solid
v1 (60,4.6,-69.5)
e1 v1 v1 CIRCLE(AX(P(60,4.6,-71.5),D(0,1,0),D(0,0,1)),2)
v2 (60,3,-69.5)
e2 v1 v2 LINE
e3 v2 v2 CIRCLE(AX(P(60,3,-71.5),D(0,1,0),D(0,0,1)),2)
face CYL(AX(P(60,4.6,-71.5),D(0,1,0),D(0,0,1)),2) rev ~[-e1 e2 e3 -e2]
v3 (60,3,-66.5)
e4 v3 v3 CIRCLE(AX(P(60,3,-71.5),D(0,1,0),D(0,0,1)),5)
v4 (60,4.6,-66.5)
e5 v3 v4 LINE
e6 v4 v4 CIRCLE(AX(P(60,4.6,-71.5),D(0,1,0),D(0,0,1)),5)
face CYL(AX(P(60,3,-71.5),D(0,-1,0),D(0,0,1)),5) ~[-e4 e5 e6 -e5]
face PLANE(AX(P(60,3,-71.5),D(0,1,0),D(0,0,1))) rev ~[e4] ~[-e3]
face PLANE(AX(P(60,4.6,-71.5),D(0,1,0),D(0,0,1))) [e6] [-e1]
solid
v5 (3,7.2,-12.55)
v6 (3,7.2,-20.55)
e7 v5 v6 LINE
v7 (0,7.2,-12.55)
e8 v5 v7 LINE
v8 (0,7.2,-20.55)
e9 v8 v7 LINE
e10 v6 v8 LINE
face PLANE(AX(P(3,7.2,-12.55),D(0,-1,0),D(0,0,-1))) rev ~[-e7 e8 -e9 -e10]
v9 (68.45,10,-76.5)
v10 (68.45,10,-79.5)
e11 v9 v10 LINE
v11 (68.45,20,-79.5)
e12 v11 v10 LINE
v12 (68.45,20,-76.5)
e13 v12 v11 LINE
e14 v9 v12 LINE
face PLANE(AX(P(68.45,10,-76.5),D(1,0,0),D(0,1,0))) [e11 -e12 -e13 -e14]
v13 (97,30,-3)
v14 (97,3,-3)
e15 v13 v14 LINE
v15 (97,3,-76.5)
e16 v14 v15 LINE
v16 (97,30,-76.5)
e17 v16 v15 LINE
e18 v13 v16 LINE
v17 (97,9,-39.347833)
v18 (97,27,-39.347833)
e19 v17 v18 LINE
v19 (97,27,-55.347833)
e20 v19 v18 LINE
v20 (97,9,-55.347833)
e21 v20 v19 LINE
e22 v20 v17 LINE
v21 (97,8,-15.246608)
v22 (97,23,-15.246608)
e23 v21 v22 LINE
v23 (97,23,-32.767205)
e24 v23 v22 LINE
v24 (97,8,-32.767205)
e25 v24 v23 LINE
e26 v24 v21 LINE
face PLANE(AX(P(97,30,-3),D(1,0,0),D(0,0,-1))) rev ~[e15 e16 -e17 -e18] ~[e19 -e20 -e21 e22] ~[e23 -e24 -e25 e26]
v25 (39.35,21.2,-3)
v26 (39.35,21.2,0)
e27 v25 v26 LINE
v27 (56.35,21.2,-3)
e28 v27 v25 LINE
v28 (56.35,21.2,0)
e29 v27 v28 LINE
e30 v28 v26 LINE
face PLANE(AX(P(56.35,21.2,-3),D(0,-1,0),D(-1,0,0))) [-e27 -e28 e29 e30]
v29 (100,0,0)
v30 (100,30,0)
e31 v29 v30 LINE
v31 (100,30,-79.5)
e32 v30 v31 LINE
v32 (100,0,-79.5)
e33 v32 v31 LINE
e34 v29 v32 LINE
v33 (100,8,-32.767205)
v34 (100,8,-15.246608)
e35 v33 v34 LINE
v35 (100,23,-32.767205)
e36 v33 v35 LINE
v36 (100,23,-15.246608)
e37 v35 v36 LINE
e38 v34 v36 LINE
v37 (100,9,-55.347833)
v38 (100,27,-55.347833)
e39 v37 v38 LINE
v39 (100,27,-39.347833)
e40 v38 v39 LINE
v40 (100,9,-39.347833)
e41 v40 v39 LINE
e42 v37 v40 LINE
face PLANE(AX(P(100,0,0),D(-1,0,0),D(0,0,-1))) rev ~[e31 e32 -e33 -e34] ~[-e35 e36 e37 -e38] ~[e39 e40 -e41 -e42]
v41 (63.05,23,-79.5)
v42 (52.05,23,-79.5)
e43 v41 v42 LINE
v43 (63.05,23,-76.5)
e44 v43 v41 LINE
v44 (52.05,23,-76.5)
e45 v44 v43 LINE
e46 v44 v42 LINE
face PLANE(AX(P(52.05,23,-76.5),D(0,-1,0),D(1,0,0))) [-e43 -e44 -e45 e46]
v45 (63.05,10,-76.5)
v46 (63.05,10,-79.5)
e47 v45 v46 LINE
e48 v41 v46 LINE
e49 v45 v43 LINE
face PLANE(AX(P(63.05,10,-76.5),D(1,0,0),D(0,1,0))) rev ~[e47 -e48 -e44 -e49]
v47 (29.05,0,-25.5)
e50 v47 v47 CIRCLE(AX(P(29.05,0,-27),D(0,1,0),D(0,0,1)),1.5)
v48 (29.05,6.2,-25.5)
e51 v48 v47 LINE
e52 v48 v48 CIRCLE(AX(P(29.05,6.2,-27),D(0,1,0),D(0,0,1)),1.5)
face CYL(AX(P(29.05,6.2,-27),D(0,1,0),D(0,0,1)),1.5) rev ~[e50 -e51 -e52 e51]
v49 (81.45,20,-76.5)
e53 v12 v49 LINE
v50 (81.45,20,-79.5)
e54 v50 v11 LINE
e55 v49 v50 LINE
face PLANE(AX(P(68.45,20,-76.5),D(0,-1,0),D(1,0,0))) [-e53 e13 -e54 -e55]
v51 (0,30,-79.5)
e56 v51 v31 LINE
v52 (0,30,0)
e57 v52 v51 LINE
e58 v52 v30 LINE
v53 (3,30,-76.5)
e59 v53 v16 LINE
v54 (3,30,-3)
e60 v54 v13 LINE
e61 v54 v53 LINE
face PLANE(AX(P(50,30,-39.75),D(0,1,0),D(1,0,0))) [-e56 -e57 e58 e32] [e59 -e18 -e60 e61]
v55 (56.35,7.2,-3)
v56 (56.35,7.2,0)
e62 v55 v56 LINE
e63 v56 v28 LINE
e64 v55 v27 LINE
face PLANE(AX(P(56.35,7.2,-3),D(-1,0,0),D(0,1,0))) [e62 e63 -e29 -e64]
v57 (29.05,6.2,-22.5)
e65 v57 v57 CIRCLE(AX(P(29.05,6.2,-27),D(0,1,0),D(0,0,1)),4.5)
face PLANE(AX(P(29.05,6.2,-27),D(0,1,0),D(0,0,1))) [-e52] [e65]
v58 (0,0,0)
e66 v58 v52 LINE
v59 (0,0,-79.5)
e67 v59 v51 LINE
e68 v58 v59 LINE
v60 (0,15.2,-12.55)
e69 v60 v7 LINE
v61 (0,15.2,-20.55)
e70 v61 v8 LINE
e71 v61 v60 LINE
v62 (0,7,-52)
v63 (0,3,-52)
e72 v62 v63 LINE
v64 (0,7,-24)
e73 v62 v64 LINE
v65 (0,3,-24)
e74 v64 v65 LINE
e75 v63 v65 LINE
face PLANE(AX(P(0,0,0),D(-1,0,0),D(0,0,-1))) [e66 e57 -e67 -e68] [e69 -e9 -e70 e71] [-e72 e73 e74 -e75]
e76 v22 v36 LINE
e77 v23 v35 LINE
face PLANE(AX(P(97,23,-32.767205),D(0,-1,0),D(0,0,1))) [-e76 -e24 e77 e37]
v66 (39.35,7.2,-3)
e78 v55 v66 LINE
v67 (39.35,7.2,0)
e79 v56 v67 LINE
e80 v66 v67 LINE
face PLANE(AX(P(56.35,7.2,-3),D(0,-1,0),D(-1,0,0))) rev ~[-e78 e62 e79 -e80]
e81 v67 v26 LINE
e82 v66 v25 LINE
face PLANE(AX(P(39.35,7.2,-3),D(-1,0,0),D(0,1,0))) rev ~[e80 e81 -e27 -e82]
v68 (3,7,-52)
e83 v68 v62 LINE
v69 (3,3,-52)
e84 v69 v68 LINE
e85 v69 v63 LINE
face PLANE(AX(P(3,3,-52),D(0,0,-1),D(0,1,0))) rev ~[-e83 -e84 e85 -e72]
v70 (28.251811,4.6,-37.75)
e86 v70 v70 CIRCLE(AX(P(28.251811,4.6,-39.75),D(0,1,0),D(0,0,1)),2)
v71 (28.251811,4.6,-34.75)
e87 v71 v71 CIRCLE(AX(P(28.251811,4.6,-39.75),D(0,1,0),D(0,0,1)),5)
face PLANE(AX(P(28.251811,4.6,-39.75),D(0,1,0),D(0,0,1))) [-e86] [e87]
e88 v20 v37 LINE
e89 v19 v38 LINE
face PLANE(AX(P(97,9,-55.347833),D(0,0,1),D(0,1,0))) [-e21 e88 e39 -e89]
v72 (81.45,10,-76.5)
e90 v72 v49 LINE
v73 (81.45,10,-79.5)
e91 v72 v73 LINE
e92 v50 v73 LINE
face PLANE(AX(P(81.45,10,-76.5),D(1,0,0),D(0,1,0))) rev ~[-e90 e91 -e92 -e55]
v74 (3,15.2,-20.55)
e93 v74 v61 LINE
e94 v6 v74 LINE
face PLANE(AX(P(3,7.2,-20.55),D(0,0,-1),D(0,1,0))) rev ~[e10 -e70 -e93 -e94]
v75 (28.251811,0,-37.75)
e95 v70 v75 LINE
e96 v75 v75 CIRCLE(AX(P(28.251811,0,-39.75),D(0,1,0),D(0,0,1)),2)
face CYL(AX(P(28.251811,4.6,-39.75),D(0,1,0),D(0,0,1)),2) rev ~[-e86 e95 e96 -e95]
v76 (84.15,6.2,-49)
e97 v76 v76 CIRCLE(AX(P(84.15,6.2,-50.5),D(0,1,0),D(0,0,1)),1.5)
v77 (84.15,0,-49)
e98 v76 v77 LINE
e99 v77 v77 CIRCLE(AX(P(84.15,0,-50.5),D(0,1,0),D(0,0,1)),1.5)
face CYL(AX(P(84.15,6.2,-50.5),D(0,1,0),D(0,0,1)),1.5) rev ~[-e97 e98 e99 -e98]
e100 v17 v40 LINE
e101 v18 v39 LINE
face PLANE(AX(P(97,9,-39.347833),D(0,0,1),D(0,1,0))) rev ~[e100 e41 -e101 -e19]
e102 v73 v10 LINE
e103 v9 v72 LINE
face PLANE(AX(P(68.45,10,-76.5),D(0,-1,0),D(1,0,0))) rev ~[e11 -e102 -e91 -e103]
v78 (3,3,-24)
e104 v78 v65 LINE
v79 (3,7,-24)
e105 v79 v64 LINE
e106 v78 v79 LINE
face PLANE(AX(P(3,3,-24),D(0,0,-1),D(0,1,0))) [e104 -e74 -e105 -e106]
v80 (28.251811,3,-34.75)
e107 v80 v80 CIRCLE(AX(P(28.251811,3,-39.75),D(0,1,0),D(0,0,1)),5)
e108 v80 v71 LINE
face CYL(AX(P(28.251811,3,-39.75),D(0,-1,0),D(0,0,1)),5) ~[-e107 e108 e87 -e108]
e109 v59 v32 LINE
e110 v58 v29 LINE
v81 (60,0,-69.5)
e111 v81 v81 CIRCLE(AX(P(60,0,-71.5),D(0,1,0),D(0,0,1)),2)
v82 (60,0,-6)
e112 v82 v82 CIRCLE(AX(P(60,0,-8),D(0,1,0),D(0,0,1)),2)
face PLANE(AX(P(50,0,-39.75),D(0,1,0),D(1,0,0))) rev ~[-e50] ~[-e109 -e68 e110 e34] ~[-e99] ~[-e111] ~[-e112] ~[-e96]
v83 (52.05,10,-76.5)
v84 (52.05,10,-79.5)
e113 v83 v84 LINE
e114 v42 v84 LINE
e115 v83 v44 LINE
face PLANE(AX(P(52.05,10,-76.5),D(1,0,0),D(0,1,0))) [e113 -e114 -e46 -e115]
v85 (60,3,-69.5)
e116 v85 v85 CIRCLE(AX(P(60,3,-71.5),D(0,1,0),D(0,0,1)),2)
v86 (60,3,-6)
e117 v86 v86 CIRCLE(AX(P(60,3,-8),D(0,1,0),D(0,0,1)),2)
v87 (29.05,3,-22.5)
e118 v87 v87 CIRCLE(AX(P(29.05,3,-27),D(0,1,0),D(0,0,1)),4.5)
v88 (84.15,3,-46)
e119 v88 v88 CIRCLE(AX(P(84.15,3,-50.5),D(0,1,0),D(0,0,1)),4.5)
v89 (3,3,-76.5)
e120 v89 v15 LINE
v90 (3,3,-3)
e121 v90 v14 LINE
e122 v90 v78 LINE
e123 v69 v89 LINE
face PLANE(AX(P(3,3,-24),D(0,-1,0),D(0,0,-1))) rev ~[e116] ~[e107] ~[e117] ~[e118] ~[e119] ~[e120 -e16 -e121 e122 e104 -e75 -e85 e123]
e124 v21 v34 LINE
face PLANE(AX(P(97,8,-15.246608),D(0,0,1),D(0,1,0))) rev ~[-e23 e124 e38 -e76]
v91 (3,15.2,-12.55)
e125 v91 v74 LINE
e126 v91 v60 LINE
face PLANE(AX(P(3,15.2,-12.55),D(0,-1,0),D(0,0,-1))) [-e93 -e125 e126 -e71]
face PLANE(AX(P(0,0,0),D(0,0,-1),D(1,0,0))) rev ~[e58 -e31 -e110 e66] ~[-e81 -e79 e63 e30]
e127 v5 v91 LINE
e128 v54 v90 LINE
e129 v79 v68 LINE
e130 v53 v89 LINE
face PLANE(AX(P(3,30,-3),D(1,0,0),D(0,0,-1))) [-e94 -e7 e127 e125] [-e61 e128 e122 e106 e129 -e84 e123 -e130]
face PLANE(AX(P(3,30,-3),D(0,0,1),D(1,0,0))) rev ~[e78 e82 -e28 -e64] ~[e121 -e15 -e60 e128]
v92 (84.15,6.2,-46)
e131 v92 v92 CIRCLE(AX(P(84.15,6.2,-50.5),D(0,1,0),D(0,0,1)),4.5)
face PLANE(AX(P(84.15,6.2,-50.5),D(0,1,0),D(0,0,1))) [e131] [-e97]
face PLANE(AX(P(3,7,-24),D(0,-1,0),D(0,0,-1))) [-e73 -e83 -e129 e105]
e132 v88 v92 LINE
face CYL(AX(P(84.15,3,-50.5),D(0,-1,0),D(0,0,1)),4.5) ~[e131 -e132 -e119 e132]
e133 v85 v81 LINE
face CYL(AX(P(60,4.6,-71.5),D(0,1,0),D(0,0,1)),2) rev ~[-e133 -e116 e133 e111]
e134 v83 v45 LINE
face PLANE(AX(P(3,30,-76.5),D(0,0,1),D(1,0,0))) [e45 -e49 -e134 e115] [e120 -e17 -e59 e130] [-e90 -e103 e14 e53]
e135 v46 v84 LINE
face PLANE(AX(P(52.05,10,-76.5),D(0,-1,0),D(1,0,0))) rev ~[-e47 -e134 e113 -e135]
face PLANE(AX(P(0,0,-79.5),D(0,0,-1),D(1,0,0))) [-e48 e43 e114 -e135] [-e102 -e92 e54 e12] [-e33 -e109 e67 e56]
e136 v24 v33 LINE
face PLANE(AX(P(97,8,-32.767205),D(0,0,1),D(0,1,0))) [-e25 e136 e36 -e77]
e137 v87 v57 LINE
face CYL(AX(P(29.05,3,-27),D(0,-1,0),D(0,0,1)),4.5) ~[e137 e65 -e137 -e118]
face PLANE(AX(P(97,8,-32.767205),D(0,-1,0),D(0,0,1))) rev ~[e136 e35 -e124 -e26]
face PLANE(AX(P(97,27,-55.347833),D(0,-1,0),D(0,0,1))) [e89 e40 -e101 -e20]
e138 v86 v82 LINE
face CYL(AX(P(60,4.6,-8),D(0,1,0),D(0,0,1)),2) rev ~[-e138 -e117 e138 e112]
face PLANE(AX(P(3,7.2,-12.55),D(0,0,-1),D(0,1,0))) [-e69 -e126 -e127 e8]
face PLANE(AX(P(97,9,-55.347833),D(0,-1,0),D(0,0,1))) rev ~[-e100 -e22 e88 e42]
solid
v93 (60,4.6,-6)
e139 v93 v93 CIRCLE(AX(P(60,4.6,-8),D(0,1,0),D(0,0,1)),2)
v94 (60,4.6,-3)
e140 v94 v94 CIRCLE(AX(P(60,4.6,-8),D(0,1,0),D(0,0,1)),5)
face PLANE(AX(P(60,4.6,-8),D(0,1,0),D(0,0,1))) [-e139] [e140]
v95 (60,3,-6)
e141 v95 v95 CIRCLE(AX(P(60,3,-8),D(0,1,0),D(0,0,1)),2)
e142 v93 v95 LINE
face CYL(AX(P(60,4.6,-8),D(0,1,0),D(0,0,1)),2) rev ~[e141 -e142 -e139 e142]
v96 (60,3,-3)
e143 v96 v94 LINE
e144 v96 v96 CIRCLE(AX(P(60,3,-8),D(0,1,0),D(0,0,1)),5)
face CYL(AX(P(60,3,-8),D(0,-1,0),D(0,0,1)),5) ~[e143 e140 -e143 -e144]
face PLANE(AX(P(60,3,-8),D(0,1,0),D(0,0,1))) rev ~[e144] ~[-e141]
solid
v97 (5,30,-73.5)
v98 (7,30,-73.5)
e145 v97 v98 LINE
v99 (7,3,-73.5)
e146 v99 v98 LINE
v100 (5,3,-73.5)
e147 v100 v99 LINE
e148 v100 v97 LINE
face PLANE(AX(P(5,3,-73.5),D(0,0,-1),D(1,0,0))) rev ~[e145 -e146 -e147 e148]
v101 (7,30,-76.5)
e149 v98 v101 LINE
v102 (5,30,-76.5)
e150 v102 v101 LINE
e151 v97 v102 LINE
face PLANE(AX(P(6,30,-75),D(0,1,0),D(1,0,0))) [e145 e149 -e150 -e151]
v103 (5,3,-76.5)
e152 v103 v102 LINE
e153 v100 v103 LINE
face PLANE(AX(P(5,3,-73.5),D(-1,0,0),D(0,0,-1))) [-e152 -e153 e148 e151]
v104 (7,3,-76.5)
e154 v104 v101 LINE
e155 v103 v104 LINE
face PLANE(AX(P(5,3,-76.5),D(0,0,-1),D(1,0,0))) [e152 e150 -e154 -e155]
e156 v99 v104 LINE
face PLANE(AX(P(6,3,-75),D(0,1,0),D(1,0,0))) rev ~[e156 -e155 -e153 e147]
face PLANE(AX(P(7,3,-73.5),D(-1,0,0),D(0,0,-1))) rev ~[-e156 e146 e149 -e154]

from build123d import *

# Parameters (mm, degrees)
SKETCH4_W             = 100
SKETCH4_H             = 79.5
BOSS_EXTRUDE3_DEPTH   = 30
SKETCH5_W             = 94
SKETCH5_H             = 73.5
CUT_EXTRUDE1_DEPTH    = 27
SKETCH9_R             = 5
BOSS_EXTRUDE5_DEPTH   = 1.6
BOSS_EXTRUDE5_2_DEPTH = 1.6
SKETCH10_R            = 2
CUT_EXTRUDE2_DEPTH    = 131.251333966
SKETCH11_R            = 2
CUT_EXTRUDE3_DEPTH    = 131.251333966
SKETCH12_R            = 4.5
BOSS_EXTRUDE6_DEPTH   = 3.2
SKETCH13_R            = 1.5
CUT_EXTRUDE4_DEPTH    = 130.948797609
SKETCH14_R            = 1.5
CUT_EXTRUDE5_DEPTH    = 130.948797609
SKETCH15_W            = 2
SKETCH15_H            = 3
BOSS_EXTRUDE7_DEPTH   = 27
SKETCH17_W            = 28
SKETCH17_H            = 4
CUT_EXTRUDE8_DEPTH    = 22.2
SKETCH18_W            = 8
SKETCH18_H            = 8
CUT_EXTRUDE9_DEPTH    = 22.2
SKETCH19_W            = 17
SKETCH19_H            = 14
CUT_EXTRUDE11_DEPTH   = 22.2
SKETCH20_R            = 5
BOSS_EXTRUDE8_DEPTH   = 1.6
SKETCH21_R            = 2
CUT_EXTRUDE12_DEPTH   = 131.251333966
SKETCH23_W            = 13
SKETCH23_H            = 10
SKETCH23_W_2          = 11
SKETCH23_H_2          = 13
CUT_EXTRUDE13_DEPTH   = 130.430483272
SKETCH24_W            = 16
SKETCH24_H            = 18
SKETCH24_W_2          = 17.520597446
SKETCH24_H_2          = 15
CUT_EXTRUDE15_DEPTH   = 129.954449322


with BuildPart() as part:
    # Sketch4 → Boss-Extrude3 (new body)
    with BuildSketch(Plane(origin=(0, 0, 0), x_dir=(1, 0, 0), z_dir=(0, 1, 0))):
        with Locations((50, 39.75)):
            Rectangle(SKETCH4_W, SKETCH4_H)
    extrude(amount=BOSS_EXTRUDE3_DEPTH)

    # Sketch5 → Cut-Extrude1 (cut)
    with BuildSketch(Plane(origin=(0, 30, 0), x_dir=(1, 0, 0), z_dir=(0, 1, 0))):
        with Locations((50, 39.75)):
            Rectangle(SKETCH5_W, SKETCH5_H)
    extrude(amount=-CUT_EXTRUDE1_DEPTH, mode=Mode.SUBTRACT)


with BuildPart() as body_2:
    # Sketch9 → Boss-Extrude5 (new body)
    with BuildSketch(Plane(origin=(0, 3, 0), x_dir=(1, 0, 0), z_dir=(0, 1, 0))):
        with Locations(Location((60, 8, 0), (0, 0, 270))):
            Circle(SKETCH9_R)
    extrude(amount=BOSS_EXTRUDE5_DEPTH)


with BuildPart() as body_3:
    # Sketch9 → Boss-Extrude5 2 (new body)
    with BuildSketch(Plane(origin=(0, 3, 0), x_dir=(1, 0, 0), z_dir=(0, 1, 0))):
        with Locations(Location((60, 71.5, 0), (0, 0, 270))):
            Circle(SKETCH9_R)
    extrude(amount=BOSS_EXTRUDE5_2_DEPTH)


with BuildPart() as cut_extrude2_tool:
    # Sketch10 → Cut-Extrude2 (new, through all)
    with BuildSketch(Plane(origin=(0, 4.6, 0), x_dir=(1, 0, 0), z_dir=(0, 1, 0))):
        with Locations(Location((60, 71.5, 0), (0, 0, 270))):
            Circle(SKETCH10_R)
    extrude(amount=-CUT_EXTRUDE2_DEPTH)


with BuildPart() as part_1:
    add(part.part)

    # Cut-Extrude2: cut by cut_extrude2_tool
    add(cut_extrude2_tool.part, mode=Mode.SUBTRACT)


with BuildPart() as body_3_1:
    add(body_3.part)

    # Cut-Extrude2: cut by cut_extrude2_tool
    add(cut_extrude2_tool.part, mode=Mode.SUBTRACT)


with BuildPart() as cut_extrude3_tool:
    # Sketch11 → Cut-Extrude3 (new, through all)
    with BuildSketch(Plane(origin=(0, 4.6, 0), x_dir=(1, 0, 0), z_dir=(0, 1, 0))):
        with Locations(Location((60, 8, 0), (0, 0, 270))):
            Circle(SKETCH11_R)
    extrude(amount=-CUT_EXTRUDE3_DEPTH)


with BuildPart() as part_2:
    add(part_1.part)

    # Cut-Extrude3: cut by cut_extrude3_tool
    add(cut_extrude3_tool.part, mode=Mode.SUBTRACT)

    # Sketch12 → Boss-Extrude6 (add)
    with BuildSketch(Plane(origin=(0, 3, 0), x_dir=(1, 0, 0), z_dir=(0, 1, 0))):
        with Locations(Location((29.05, 27, 0), (0, 0, 270))):
            Circle(SKETCH12_R)
        with Locations(Location((84.15, 50.5, 0), (0, 0, 270))):
            Circle(SKETCH12_R)
    extrude(amount=BOSS_EXTRUDE6_DEPTH)

    # Sketch13 → Cut-Extrude4 (cut, through all)
    with BuildSketch(Plane(origin=(0, 6.2, 0), x_dir=(1, 0, 0), z_dir=(0, 1, 0))):
        with Locations(Location((29.05, 27, 0), (0, 0, 270))):
            Circle(SKETCH13_R)
    extrude(amount=-CUT_EXTRUDE4_DEPTH, mode=Mode.SUBTRACT)

    # Sketch14 → Cut-Extrude5 (cut, through all)
    with BuildSketch(Plane(origin=(0, 6.2, 0), x_dir=(1, 0, 0), z_dir=(0, 1, 0))):
        with Locations(Location((84.15, 50.5, 0), (0, 0, 270))):
            Circle(SKETCH14_R)
    extrude(amount=-CUT_EXTRUDE5_DEPTH, mode=Mode.SUBTRACT)

    # Sketch17 → Cut-Extrude8 (cut)
    with BuildSketch(Plane(origin=(3, 0, 0), x_dir=(0, 0, -1), z_dir=(1, 0, 0))):
        with Locations((38, 5)):
            Rectangle(SKETCH17_W, SKETCH17_H)
    extrude(amount=-CUT_EXTRUDE8_DEPTH, mode=Mode.SUBTRACT)

    # Sketch18 → Cut-Extrude9 (cut)
    with BuildSketch(Plane(origin=(3, 0, 0), x_dir=(0, 0, -1), z_dir=(1, 0, 0))):
        with Locations((16.55, 11.2)):
            Rectangle(SKETCH18_W, SKETCH18_H)
    extrude(amount=-CUT_EXTRUDE9_DEPTH, mode=Mode.SUBTRACT)

    # Sketch19 → Cut-Extrude11 (cut)
    with BuildSketch(Plane(origin=(0, 0, -3), x_dir=(-1, 0, 0), z_dir=(0, 0, -1))):
        with Locations((-47.85, 14.2)):
            Rectangle(SKETCH19_W, SKETCH19_H)
    extrude(amount=-CUT_EXTRUDE11_DEPTH, mode=Mode.SUBTRACT)

    # Sketch20 → Boss-Extrude8 (add)
    with BuildSketch(Plane(origin=(0, 3, 0), x_dir=(1, 0, 0), z_dir=(0, 1, 0))):
        with Locations(Location((28.251811075, 39.75, 0), (0, 0, 270))):
            Circle(SKETCH20_R)
    extrude(amount=BOSS_EXTRUDE8_DEPTH)

    # Sketch21 → Cut-Extrude12 (cut, through all)
    with BuildSketch(Plane(origin=(0, 4.6, 0), x_dir=(1, 0, 0), z_dir=(0, 1, 0))):
        with Locations(Location((28.251811075, 39.75, 0), (0, 0, 270))):
            Circle(SKETCH21_R)
    extrude(amount=-CUT_EXTRUDE12_DEPTH, mode=Mode.SUBTRACT)

    # Sketch23 → Cut-Extrude13 (cut, through all)
    with BuildSketch(Plane.XY.offset(-76.5)):
        with Locations((74.95, 15)):
            Rectangle(SKETCH23_W, SKETCH23_H)
        with Locations((57.55, 16.5)):
            Rectangle(SKETCH23_W_2, SKETCH23_H_2)
    extrude(amount=-CUT_EXTRUDE13_DEPTH, mode=Mode.SUBTRACT)

    # Sketch24 → Cut-Extrude15 (cut, through all)
    with BuildSketch(Plane.ZY.offset(-97)):
        with Locations((-47.347833479, 18)):
            Rectangle(SKETCH24_W, SKETCH24_H)
        with Locations((-24.00690671, 15.5)):
            Rectangle(SKETCH24_W_2, SKETCH24_H_2)
    extrude(amount=-CUT_EXTRUDE15_DEPTH, mode=Mode.SUBTRACT)


with BuildPart() as body_2_1:
    add(body_2.part)

    # Cut-Extrude3: cut by cut_extrude3_tool
    add(cut_extrude3_tool.part, mode=Mode.SUBTRACT)


with BuildPart() as body_4:
    # Sketch15 → Boss-Extrude7 (new body)
    with BuildSketch(Plane(origin=(0, 3, 0), x_dir=(1, 0, 0), z_dir=(0, 1, 0))):
        with Locations((6, 75)):
            Rectangle(SKETCH15_W, SKETCH15_H)
    extrude(amount=BOSS_EXTRUDE7_DEPTH)


solid = Compound([body_3_1.part, part_2.part, body_2_1.part, body_4.part])
